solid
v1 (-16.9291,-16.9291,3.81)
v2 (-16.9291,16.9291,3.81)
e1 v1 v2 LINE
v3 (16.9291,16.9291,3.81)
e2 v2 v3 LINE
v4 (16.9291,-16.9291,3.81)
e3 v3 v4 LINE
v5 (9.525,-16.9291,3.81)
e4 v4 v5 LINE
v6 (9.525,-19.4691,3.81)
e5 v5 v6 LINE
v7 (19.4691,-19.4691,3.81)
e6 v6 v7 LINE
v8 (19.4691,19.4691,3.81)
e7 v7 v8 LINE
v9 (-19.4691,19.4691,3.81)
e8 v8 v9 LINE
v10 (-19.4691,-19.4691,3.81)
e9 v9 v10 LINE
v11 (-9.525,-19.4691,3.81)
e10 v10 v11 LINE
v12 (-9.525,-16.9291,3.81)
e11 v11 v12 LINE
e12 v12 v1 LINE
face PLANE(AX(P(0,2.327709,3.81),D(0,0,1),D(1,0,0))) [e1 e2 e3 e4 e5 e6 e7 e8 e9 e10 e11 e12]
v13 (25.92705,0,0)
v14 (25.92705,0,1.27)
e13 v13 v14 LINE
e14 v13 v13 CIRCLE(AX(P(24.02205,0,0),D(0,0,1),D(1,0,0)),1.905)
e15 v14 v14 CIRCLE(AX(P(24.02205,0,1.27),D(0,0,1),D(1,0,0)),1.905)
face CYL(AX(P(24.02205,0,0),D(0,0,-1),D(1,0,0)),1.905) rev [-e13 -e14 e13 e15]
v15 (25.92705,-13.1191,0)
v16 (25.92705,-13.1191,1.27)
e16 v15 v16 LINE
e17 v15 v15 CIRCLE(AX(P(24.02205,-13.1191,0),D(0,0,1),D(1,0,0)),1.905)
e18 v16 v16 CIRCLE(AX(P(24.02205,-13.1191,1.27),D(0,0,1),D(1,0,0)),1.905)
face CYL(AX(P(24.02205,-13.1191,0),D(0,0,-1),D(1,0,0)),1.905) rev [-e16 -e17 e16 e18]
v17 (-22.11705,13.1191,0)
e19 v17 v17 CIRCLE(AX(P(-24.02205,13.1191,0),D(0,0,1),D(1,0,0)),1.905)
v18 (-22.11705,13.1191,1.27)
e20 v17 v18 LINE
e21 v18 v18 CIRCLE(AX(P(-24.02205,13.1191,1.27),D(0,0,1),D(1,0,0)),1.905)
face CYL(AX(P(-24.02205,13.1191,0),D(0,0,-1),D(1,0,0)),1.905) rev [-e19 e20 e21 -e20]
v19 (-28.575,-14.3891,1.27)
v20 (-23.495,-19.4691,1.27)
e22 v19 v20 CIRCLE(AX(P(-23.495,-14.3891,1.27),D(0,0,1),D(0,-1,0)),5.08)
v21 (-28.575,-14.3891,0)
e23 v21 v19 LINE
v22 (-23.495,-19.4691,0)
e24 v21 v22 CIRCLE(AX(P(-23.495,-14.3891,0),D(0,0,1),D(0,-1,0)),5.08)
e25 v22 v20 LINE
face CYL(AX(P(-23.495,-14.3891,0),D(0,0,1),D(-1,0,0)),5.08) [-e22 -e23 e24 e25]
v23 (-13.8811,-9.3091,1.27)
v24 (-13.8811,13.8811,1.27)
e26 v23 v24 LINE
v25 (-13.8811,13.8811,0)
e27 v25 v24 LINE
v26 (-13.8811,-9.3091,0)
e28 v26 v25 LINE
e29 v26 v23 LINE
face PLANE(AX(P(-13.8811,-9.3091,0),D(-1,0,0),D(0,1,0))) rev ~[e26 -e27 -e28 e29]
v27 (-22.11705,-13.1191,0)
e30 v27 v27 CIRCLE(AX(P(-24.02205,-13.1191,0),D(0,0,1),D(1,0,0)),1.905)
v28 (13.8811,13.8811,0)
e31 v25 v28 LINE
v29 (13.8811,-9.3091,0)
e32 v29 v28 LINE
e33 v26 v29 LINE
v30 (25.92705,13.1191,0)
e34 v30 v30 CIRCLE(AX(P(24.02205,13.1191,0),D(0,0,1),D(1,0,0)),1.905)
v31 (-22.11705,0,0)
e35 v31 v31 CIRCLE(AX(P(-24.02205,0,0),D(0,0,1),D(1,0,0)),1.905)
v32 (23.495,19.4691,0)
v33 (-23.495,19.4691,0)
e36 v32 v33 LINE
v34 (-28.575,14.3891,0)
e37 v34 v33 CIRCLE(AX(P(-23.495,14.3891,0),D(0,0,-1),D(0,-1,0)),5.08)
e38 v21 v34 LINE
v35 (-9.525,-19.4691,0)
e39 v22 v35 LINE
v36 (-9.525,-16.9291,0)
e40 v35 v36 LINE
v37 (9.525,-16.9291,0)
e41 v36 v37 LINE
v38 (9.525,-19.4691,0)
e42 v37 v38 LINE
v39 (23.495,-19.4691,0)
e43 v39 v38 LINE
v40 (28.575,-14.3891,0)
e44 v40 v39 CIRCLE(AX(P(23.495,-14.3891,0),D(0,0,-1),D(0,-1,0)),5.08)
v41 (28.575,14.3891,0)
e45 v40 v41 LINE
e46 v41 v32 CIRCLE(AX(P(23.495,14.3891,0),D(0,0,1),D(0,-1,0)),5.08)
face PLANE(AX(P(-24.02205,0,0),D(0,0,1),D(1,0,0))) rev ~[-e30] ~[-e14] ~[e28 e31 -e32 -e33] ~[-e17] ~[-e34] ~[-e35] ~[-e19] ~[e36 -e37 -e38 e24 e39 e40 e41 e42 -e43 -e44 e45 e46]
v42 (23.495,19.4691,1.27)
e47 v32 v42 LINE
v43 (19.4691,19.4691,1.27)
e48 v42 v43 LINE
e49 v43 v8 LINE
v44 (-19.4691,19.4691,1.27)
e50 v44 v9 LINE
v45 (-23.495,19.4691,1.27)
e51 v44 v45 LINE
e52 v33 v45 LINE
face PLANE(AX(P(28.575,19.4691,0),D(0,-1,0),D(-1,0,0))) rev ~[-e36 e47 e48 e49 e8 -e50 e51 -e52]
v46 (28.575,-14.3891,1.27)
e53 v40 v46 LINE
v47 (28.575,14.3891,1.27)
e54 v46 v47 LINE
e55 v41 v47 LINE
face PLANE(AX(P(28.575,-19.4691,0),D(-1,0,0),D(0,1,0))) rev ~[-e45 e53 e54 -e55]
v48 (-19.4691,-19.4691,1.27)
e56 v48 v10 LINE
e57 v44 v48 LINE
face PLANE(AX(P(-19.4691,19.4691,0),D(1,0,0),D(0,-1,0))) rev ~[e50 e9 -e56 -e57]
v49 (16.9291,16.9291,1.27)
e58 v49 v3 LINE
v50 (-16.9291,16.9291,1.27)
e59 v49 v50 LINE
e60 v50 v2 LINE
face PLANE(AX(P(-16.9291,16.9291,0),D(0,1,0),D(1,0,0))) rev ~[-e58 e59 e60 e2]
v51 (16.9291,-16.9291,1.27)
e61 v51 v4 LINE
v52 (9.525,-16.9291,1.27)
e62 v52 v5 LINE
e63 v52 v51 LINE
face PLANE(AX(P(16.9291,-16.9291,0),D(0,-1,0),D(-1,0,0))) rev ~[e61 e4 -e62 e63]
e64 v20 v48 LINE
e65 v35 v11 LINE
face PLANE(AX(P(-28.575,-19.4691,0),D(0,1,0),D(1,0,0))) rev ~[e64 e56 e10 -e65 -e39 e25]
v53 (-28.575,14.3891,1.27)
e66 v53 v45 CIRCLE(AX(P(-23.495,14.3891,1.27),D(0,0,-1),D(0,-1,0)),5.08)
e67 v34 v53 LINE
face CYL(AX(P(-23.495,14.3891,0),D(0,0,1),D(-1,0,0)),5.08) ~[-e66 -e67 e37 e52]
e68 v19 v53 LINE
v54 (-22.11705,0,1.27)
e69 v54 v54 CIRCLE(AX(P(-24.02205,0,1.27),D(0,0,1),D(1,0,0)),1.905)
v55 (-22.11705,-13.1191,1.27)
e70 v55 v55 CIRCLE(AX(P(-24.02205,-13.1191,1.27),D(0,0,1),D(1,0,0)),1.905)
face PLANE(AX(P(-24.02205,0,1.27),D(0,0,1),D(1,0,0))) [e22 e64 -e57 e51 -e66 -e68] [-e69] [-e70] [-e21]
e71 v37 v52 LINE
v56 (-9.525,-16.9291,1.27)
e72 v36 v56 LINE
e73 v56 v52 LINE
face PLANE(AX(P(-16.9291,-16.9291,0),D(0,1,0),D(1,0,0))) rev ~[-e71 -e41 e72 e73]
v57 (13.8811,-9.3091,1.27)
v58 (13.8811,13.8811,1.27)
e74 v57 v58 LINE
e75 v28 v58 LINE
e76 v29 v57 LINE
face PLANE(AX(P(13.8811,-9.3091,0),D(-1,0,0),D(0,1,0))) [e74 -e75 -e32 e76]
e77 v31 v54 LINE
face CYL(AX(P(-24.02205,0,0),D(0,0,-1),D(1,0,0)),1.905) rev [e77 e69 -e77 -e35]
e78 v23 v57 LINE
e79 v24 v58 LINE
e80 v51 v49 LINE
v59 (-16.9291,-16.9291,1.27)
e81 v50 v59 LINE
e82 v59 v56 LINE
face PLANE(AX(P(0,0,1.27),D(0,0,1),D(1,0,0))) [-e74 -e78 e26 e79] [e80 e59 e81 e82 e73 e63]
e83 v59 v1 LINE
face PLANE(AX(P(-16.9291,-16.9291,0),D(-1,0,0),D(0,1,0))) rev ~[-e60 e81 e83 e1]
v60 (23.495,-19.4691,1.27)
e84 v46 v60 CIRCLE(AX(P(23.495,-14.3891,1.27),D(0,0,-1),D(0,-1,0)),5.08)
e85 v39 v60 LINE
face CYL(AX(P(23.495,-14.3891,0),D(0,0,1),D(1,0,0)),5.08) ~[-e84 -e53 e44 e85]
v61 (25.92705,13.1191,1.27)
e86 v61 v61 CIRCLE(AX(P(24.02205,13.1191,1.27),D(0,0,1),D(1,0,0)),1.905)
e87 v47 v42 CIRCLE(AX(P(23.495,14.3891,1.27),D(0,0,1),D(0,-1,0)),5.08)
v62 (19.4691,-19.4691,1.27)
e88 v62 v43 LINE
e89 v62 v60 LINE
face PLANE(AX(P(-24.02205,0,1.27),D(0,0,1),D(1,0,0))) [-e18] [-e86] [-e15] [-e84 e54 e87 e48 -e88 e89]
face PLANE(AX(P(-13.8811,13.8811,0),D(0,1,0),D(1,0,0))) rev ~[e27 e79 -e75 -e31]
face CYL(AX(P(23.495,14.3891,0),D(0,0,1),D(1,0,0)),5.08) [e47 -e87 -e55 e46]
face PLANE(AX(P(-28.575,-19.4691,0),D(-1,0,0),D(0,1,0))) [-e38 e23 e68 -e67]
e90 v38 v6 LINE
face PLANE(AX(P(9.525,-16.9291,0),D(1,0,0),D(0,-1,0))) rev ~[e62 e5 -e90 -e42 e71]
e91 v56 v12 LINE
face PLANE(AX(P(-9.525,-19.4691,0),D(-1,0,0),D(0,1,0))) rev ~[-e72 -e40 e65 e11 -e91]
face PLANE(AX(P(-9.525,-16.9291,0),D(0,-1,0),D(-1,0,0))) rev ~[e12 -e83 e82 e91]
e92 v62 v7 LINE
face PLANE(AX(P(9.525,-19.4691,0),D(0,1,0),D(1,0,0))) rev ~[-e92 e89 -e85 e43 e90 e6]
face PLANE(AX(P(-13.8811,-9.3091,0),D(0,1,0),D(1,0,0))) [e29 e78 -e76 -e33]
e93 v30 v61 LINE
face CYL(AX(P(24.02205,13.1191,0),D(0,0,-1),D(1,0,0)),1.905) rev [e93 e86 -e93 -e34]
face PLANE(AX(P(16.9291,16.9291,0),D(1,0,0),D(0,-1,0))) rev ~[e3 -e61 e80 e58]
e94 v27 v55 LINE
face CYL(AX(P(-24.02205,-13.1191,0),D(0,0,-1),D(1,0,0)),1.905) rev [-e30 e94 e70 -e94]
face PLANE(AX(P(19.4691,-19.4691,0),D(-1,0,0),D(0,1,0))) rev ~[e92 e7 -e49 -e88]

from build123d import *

# Parameters (mm, degrees)
F0_W     = 27.7622
F0_H     = 23.1902
F1_DEPTH = 1.27
F2_DEPTH = 3.81
F0_W_2   = 9.1059
F0_H_2   = 38.9382
F0_R     = 1.905
F3_DEPTH = 1.27
F4_R     = 5.08


with BuildPart() as f1:
    # F0 (on Top) → F1 (new body)
    with BuildSketch(Plane.XY):
        Polygon((16.9291, -16.9291), (16.9291, 16.9291), (-16.9291, 16.9291), (-16.9291, -16.9291), (-9.525, -16.9291), (9.525, -16.9291), align=None)
        with Locations((0, 2.286)):
            Rectangle(F0_W, F0_H, mode=Mode.SUBTRACT)
    extrude(amount=F1_DEPTH)

    # F0 (on Top) → F2 (join)
    with BuildSketch(Plane.XY):
        Polygon((-16.9291, 16.9291), (16.9291, 16.9291), (16.9291, -16.9291), (9.525, -16.9291), (9.525, -19.4691), (19.4691, -19.4691), (19.4691, 19.4691), (-19.4691, 19.4691), (-19.4691, -19.4691), (-9.525, -19.4691), (-9.525, -16.9291), (-16.9291, -16.9291), align=None)
    extrude(amount=F2_DEPTH)

    # F0 (on Top) → F3 (join)
    with BuildSketch(Plane.XY):
        with Locations((-24.02205, 0)):
            Rectangle(F0_W_2, F0_H_2)
        with Locations((-24.02205, -13.1191)):
            Circle(F0_R, mode=Mode.SUBTRACT)
        with Locations((-24.02205, 0)):
            Circle(F0_R, mode=Mode.SUBTRACT)
        with Locations((-24.02205, 13.1191)):
            Circle(F0_R, mode=Mode.SUBTRACT)
        with Locations((24.02205, 0)):
            Rectangle(F0_W_2, F0_H_2)
        with Locations((24.02205, -13.1191)):
            Circle(F0_R, mode=Mode.SUBTRACT)
        with Locations((24.02205, 0)):
            Circle(F0_R, mode=Mode.SUBTRACT)
        with Locations((24.02205, 13.1191)):
            Circle(F0_R, mode=Mode.SUBTRACT)
        Polygon((-16.9291, 16.9291), (16.9291, 16.9291), (16.9291, -16.9291), (9.525, -16.9291), (9.525, -19.4691), (19.4691, -19.4691), (19.4691, 19.4691), (-19.4691, 19.4691), (-19.4691, -19.4691), (-9.525, -19.4691), (-9.525, -16.9291), (-16.9291, -16.9291), align=None)
        Polygon((16.9291, -16.9291), (16.9291, 16.9291), (-16.9291, 16.9291), (-16.9291, -16.9291), (-9.525, -16.9291), (9.525, -16.9291), align=None)
        with Locations((0, 2.286)):
            Rectangle(F0_W, F0_H, mode=Mode.SUBTRACT)
    extrude(amount=F3_DEPTH)

    # F4
    f4_edges = [f1.edges().sort_by_distance(p)[0] for p in [
        (-28.575, 19.4691, 0.635),
        (-28.575, -19.4691, 0.635),
        (28.575, 19.4691, 0.635),
        (28.575, -19.4691, 0.635),
    ]]
    fillet(f4_edges, radius=F4_R)


solid = f1.part
